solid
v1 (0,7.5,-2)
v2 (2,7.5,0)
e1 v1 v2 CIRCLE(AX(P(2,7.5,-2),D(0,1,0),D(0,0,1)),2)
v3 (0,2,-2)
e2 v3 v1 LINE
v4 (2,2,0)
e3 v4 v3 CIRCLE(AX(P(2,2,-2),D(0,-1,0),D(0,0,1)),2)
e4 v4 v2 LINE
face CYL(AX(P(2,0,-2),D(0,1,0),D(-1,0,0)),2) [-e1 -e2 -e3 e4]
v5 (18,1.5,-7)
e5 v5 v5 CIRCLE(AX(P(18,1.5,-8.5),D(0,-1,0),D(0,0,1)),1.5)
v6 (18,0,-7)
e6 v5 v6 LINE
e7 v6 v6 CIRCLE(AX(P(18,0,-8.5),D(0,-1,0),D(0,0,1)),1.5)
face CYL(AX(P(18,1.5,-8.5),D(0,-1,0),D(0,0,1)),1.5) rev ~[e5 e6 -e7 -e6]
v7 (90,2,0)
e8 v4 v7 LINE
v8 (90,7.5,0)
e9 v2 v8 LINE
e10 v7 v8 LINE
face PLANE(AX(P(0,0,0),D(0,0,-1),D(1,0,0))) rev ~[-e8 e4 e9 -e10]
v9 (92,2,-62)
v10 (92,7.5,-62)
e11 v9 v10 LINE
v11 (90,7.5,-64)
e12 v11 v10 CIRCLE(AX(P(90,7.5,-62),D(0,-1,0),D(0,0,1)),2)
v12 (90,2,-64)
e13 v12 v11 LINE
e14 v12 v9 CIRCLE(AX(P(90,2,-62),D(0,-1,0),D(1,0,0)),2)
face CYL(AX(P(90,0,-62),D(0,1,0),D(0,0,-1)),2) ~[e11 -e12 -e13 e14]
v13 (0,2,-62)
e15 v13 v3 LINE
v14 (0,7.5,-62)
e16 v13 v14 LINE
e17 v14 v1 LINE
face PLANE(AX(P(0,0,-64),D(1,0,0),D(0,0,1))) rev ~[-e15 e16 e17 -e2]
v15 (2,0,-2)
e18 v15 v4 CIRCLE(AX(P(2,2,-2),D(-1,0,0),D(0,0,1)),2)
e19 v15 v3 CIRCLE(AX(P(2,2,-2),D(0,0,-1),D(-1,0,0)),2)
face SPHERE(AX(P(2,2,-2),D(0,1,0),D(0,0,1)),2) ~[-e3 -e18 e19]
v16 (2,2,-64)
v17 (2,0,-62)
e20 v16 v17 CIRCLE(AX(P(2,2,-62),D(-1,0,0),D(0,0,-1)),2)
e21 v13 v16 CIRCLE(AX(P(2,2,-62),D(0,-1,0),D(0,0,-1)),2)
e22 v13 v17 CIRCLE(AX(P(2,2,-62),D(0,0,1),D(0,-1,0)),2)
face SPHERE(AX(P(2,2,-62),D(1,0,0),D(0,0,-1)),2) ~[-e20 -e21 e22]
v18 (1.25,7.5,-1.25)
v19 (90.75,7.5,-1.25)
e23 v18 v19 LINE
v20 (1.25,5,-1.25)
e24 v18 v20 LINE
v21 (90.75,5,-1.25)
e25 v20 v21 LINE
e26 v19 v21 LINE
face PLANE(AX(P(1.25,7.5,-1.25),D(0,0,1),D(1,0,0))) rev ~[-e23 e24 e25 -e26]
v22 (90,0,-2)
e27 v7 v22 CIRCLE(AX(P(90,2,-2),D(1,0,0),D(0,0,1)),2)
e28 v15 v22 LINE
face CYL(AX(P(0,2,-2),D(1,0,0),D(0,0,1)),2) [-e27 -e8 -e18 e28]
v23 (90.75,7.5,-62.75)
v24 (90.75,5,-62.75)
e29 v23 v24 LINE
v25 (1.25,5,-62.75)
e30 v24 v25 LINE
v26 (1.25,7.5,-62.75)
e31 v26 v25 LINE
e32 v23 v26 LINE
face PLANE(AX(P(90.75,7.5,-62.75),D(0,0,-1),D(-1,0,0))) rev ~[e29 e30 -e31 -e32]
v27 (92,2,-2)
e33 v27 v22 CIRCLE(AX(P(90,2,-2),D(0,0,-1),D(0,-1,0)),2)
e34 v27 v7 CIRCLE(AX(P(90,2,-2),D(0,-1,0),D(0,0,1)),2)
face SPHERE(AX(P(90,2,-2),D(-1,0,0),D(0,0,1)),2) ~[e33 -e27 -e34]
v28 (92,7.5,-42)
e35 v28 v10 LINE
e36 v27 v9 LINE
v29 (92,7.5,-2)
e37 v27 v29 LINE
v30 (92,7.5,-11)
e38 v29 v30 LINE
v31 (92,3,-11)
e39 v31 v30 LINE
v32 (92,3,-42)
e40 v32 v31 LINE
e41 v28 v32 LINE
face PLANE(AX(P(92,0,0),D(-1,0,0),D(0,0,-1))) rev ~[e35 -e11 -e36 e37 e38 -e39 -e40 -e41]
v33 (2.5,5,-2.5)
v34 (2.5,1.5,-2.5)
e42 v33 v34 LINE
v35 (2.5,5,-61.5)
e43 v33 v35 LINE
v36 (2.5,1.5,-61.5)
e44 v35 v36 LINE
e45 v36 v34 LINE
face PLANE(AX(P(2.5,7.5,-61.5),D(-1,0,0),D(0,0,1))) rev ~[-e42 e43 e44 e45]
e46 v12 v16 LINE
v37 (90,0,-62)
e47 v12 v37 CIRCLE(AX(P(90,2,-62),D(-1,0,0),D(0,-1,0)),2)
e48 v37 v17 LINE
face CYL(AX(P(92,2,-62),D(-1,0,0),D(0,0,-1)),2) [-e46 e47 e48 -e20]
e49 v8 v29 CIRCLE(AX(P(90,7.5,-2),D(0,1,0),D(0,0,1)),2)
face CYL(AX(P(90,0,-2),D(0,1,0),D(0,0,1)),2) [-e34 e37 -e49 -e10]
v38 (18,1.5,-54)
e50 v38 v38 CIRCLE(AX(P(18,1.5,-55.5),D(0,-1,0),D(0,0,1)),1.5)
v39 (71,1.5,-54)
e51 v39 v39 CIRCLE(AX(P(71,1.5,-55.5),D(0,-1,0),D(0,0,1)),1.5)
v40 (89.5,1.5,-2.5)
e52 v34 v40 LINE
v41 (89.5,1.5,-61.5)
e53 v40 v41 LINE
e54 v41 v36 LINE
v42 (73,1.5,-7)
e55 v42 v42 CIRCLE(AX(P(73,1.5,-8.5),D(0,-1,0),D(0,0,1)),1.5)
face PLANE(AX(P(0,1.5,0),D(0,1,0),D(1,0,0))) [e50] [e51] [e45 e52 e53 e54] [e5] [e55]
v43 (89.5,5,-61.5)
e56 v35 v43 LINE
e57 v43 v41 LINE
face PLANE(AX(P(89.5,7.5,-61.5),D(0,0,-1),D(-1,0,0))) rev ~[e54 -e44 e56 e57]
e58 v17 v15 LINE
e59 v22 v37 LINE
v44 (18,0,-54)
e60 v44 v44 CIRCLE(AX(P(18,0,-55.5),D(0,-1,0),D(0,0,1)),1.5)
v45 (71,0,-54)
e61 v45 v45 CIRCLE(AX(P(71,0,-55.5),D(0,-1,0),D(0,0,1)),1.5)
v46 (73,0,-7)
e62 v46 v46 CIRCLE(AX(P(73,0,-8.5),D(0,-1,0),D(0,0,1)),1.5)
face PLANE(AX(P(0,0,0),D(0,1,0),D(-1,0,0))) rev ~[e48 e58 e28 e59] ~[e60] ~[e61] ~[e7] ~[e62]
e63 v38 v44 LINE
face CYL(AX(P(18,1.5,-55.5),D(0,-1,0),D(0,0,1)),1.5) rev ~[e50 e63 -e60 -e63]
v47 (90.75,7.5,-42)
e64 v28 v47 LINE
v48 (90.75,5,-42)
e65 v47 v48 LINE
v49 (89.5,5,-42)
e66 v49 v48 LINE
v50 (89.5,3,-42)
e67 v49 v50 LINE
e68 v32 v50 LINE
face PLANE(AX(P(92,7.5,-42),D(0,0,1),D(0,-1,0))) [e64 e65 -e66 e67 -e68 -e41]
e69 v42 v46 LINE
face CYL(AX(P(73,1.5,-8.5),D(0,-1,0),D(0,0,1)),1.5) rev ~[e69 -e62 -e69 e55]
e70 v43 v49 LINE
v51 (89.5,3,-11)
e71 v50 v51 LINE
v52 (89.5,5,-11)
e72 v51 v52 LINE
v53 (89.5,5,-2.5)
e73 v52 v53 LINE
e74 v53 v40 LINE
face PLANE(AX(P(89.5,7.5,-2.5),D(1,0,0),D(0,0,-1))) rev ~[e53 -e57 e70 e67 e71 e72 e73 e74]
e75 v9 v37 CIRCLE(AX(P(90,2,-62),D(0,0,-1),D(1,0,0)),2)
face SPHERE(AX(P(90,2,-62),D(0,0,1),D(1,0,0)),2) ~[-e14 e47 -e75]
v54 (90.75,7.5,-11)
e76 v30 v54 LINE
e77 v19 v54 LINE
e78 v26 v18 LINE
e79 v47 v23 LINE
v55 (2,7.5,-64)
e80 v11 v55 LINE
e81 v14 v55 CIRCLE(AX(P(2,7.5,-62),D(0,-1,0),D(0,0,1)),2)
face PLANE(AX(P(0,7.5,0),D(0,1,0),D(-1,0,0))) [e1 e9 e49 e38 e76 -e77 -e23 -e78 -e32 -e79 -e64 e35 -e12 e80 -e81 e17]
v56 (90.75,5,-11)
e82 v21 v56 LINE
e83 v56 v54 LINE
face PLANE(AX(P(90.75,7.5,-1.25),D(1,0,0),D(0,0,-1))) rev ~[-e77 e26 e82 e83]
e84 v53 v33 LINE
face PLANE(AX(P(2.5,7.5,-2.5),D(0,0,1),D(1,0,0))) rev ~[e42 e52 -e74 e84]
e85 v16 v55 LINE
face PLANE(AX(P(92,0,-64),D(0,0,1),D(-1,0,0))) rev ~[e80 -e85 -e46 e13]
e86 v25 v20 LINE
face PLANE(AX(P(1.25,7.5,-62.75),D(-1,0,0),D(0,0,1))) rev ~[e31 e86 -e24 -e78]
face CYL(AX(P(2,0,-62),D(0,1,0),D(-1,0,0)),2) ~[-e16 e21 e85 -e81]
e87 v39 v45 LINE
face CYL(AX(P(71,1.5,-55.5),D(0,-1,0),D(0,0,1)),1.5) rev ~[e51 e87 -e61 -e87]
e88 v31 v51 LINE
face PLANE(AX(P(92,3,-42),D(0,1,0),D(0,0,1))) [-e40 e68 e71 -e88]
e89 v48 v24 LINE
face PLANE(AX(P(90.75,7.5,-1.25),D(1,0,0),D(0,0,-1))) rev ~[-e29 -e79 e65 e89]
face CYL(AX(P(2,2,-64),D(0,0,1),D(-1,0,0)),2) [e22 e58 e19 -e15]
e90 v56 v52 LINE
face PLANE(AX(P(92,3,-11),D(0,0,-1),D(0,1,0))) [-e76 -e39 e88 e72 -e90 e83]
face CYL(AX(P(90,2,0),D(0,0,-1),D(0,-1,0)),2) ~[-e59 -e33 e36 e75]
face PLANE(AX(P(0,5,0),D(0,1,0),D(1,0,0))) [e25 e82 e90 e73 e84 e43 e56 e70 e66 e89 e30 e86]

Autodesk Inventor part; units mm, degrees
ref_plane "YZ Plane" through (0, 0, 0) normal (1, 0, 0) x (0, 1, 0)
ref_plane "XZ Plane" through (0, 0, 0) normal (0, 1, 0) x (-1, 0, 0)
ref_plane "XY Plane" through (0, 0, 0) normal (0, 0, 1) x (1, 0, 0)
sketch "Sketch1" plane through (0, 0, 0) normal (0, 1, 0) x (-1, 0, 0)
  line L0 (0, 0) -> (-92, 0)
  line L1 (-92, 0) -> (-92, -64)
  line L2 (-92, -64) -> (0, -64)
  line L3 (0, -64) -> (0, 0)
  dimension "d0" = 64
  dimension "d1" = 92
extrude "Extrusion1" add sketch "Sketch1" along normal blind 7.5
sketch "Sketch2" plane through (0, 7.5, 0) normal (0, 1, 0) x (1, 0, 0)
  line L0 (2.5, 2.5) -> (89.5, 2.5)
  line L1 (89.5, 2.5) -> (89.5, 61.5)
  line L2 (89.5, 61.5) -> (2.5, 61.5)
  line L3 (2.5, 61.5) -> (2.5, 2.5)
  line L4 (0, 64) -> (0, 0) projected
  line L5 (0, 0) -> (92, 0) projected
  line L6 (92, 0) -> (92, 64) projected
  line L7 (92, 64) -> (0, 64) projected
  dimension "d4" = 2.5
  dimension "d5" = 2.5
  dimension "d6" = 2.5
  dimension "d7" = 2.5
extrude "Extrusion2" cut sketch "Sketch2" against normal blind 6 contours L3 L2 L1 L0
fillet "Fillet1" radius 2 8 edges at (0, 3.75, 0) (46, 0, 0) (92, 3.75, 0) (92, 0, -32) (92, 3.75, -64) (46, 0, -64) (0, 3.75, -64) (0, 0, -32)
sketch "Sketch3" plane through (0, 7.5, 0) normal (0, 1, 0) x (1, 0, 0)
  line L0 (1.25, 1.25) -> (90.75, 1.25)
  line L1 (90.75, 1.25) -> (90.75, 62.75)
  line L2 (90.75, 62.75) -> (1.25, 62.75)
  line L3 (1.25, 62.75) -> (1.25, 1.25)
  line L4 (0, 62) -> (0, 2) projected
  line L5 (2, 0) -> (90, 0) projected
  line L6 (92, 2) -> (92, 62) projected
  line L7 (90, 64) -> (2, 64) projected
  point P0 (0, 0)
  dimension "d11" = 1.25
  dimension "d12" = 1.25
  dimension "d13" = 1.25
  dimension "d14" = 1.25
extrude "Extrusion3" cut sketch "Sketch3" against normal blind 2.5
sketch "Sketch4" plane through (0, 1.5, 0) normal (0, 1, 0) x (1, 0, 0)
  line L0 (5, 5) -> (87, 5)
  line L1 (87, 5) -> (87, 59) construction
  line L2 (87, 59) -> (5, 59)
  line L3 (5, 59) -> (5, 5)
  line L4 (2.5, 2.5) -> (2.5, 61.5) projected
  line L5 (89.5, 2.5) -> (2.5, 2.5) projected
  line L6 (2.5, 61.5) -> (89.5, 61.5) projected
  line L7 (89.5, 61.5) -> (89.5, 2.5) projected
  line L8 (18, 55.5) -> (73, 55.5)
  line L9 (73, 55.5) -> (73, 8.5)
  line L10 (73, 8.5) -> (18, 8.5)
  line L11 (18, 8.5) -> (18, 55.5)
  line L12 (71, 55.5) -> (71, 8.5)
  point P0 (0, 0)
  dimension "d17" = 2.5
  dimension "d18" = 2.5
  dimension "d19" = 2.5
  dimension "d20" = 2.5
  dimension "d21" = 14
  dimension "d22" = 13
  dimension "d23" = 54
  dimension "d24" = 82
  dimension "d25" = 3.5
  dimension "d26" = 3.5
  dimension "d44" = 16
  dimension "d45" = 18.5
  dimension "d46" = 16.5
hole "Hole1" at (18, 1.5, -55.5) at (18, 1.5, -8.5) at (73, 1.5, -8.5) at (71, 1.5, -55.5) direction (0, -1, 0) diameter 3 end through all
sketch "Sketch5" plane through (92, 2, -2) normal (1, 0, 0) x (0, 0, -1)
  line L0 (9, 5.5) -> (40, 5.5)
  line L1 (40, 5.5) -> (40, 1)
  line L2 (40, 1) -> (9, 1)
  line L3 (9, 1) -> (9, 5.5)
  line L4 (0, 5.5) -> (60, 5.5) projected
  line L5 (0, 0) -> (0, 5.5) projected
  line L6 (60, 5.5) -> (60, 0) projected
  line L7 (60, 0) -> (0, 0) projected
  line L8 (59.5, -0.5) -> (0.5, -0.5) projected
  point P0 (-2, -2)
  dimension "d34" = 0
  dimension "d35" = 9
  dimension "d36" = 20
  dimension "d37" = 4.5
  dimension "d41" = 5.5
  dimension "d42" = 1
  dimension "d43" = 1.5
extrude "Extrusion4" cut sketch "Sketch5" against normal blind 2.5 contours L0 L1 L2 L3
properties part number "hubtest1_3"
